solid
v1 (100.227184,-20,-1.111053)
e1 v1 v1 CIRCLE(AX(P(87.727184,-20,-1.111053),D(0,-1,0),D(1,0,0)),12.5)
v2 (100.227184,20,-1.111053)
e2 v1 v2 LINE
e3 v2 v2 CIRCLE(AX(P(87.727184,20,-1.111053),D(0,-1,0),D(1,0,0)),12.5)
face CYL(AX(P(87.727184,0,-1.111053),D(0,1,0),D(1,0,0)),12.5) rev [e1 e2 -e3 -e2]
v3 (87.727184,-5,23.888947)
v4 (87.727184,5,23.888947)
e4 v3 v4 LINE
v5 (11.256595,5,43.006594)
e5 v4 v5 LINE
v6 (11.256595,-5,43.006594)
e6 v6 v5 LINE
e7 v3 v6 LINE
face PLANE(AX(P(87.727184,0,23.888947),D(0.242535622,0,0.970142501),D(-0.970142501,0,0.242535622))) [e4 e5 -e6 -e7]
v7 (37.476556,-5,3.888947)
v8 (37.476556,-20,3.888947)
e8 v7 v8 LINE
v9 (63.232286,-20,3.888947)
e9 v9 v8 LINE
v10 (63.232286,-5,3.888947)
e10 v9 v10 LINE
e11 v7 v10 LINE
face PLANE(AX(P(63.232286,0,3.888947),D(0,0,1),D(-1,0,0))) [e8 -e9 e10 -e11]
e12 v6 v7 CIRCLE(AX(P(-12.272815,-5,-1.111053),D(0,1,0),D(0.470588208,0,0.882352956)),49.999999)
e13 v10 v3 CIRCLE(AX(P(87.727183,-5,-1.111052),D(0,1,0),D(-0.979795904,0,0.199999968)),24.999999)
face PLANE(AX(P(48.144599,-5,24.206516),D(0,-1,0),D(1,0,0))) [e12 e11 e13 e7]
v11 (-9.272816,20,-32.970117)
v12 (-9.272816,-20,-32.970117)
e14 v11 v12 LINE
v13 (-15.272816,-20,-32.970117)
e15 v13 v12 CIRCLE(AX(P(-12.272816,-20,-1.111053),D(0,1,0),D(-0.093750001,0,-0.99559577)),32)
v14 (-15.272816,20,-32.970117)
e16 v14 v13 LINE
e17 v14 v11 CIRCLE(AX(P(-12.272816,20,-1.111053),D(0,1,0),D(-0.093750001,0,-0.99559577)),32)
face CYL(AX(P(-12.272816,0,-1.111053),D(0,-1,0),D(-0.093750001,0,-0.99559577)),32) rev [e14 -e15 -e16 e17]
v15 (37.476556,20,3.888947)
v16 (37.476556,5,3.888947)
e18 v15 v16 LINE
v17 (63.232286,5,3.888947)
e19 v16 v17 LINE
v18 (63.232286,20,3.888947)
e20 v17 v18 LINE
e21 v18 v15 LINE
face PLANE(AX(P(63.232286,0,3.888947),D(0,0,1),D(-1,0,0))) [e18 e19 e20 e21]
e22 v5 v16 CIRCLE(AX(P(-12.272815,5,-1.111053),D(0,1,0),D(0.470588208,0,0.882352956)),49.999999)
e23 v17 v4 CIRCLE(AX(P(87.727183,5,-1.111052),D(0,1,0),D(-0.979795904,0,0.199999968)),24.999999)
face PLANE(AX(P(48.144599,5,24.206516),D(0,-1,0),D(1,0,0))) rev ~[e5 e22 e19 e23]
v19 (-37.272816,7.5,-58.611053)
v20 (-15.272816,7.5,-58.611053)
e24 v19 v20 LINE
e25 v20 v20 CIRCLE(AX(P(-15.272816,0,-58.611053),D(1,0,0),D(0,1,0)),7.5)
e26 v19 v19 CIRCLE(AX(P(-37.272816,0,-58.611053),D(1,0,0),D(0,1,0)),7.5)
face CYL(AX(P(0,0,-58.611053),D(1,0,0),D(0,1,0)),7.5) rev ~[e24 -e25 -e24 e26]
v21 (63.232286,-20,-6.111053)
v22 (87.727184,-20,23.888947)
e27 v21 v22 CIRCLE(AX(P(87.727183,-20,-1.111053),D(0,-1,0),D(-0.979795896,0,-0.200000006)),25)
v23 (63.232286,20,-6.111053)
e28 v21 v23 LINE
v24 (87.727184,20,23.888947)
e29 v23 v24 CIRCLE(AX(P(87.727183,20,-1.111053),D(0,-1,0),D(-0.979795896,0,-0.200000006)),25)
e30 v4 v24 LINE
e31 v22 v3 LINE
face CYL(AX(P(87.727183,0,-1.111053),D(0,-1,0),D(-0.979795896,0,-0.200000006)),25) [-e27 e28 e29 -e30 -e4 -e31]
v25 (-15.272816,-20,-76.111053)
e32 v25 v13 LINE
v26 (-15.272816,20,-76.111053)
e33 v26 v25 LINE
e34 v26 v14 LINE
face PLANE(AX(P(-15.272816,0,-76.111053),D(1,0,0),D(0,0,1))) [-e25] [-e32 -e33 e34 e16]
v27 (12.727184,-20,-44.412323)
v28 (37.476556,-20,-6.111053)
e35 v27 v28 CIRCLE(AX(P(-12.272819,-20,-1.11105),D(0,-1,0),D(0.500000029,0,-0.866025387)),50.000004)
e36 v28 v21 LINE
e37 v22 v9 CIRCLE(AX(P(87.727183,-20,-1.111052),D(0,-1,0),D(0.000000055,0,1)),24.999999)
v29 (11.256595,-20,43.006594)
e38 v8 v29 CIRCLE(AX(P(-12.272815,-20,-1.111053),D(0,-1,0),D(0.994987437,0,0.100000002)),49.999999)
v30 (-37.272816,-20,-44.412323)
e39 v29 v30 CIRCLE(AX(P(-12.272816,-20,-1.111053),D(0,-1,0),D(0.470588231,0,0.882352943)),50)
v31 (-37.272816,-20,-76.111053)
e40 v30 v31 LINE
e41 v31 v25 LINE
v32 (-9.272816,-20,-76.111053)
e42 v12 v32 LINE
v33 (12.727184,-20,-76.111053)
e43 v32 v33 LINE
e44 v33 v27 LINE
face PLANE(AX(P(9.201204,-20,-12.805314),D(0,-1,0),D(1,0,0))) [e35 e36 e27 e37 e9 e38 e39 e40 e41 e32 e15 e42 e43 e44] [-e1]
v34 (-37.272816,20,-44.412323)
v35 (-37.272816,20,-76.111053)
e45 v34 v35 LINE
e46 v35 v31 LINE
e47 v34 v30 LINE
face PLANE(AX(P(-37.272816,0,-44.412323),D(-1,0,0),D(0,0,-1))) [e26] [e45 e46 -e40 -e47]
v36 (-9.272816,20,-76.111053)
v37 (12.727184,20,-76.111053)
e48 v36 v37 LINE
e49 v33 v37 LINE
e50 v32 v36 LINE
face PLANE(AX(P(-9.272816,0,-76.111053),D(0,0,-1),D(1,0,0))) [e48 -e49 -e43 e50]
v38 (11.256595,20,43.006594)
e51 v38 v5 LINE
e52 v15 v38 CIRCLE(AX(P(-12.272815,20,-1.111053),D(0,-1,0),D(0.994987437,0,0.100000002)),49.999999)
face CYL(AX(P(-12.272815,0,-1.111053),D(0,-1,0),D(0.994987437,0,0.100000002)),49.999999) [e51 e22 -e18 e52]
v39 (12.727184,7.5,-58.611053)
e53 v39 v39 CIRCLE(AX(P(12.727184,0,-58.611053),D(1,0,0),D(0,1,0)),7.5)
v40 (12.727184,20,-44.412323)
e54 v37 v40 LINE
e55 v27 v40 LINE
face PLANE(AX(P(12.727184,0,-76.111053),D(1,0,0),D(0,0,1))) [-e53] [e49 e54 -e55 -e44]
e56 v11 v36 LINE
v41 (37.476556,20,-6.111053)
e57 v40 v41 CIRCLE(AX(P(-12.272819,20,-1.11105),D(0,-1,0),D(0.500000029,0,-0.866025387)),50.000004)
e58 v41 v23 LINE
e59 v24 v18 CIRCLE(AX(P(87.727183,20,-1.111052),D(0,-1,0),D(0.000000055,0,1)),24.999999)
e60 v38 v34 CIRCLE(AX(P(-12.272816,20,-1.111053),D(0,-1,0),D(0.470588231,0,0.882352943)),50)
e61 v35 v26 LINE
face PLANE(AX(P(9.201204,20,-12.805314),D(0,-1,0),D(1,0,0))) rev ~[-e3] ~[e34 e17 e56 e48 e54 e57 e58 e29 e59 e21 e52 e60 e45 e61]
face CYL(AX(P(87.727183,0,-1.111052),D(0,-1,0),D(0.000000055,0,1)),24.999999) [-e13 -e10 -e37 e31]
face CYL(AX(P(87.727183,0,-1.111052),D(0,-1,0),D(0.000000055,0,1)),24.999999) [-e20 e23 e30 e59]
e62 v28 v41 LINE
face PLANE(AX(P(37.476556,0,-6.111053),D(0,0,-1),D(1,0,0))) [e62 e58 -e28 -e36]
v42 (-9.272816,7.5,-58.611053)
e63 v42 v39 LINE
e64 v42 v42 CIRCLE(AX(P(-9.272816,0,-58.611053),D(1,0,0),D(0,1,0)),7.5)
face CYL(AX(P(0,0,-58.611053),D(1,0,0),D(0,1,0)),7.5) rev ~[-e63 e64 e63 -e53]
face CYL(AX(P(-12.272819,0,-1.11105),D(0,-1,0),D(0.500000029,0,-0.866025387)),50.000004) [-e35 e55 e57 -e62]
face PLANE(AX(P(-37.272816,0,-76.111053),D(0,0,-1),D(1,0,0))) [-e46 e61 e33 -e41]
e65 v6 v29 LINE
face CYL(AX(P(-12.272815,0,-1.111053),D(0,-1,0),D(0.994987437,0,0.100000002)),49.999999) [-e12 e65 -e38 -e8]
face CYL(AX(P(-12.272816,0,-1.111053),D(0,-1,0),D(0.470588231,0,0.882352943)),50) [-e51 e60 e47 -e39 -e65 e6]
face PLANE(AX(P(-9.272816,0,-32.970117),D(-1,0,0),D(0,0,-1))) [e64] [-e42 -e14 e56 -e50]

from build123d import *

# Parameters (mm, degrees)
F0_R     = 12.5
F1_DEPTH = 20
F2_DEPTH = 5
F3_R     = 7.5
F4_DEPTH = 50


with BuildPart() as f1:
    # F0 (on Front) → F1 (new body, symmetric)
    with BuildSketch(Plane.XZ):
        with BuildLine():
            Line((63.232286, 3.888947), (37.476556, 3.888947))
            ThreePointArc((37.476556, 3.888947), (29.260214, 26.727902), (11.256595, 43.006594))
            ThreePointArc((11.256595, 43.006594), (-55.988459, 23.157086), (-37.272816, -44.412323))
            Line((-37.272816, -44.412323), (-37.272816, -76.111053))
            Line((-37.272816, -76.111053), (-15.272816, -76.111053))
            Line((-15.272816, -76.111053), (-15.272816, -32.970117))
            ThreePointArc((-15.272816, -32.970117), (-12.272816, 30.888947), (-9.272816, -32.970117))
            Line((-9.272816, -32.970117), (-9.272816, -33.111053))
            Line((-9.272816, -33.111053), (-9.272816, -76.111053))
            Line((-9.272816, -76.111053), (12.727184, -76.111053))
            Line((12.727184, -76.111053), (12.727184, -44.412323))
            ThreePointArc((12.727184, -44.412323), (29.722588, -28.247486), (37.476556, -6.111053))
            Line((37.476556, -6.111053), (63.232286, -6.111053))
            ThreePointArc((63.232286, -6.111053), (107.0921, -16.922441), (87.727184, 23.888947))
            ThreePointArc((87.727184, 23.888947), (71.915795, 18.253864), (63.232286, 3.888947))
        make_face()
        with Locations((87.727184, -1.111053)):
            Circle(F0_R, mode=Mode.SUBTRACT)
    extrude(amount=F1_DEPTH, both=True)

    # F0 (on Front) → F2 (join, symmetric)
    with BuildSketch(Plane.XZ):
        with BuildLine():
            ThreePointArc((11.256595, 43.006594), (29.260214, 26.727902), (37.476556, 3.888947))
            Line((37.476556, 3.888947), (63.232286, 3.888947))
            ThreePointArc((63.232286, 3.888947), (71.915795, 18.253864), (87.727184, 23.888947))
            Line((87.727184, 23.888947), (11.256595, 43.006594))
        make_face()
    extrude(amount=F2_DEPTH, both=True)

    # F3 (on Right) → F4 (cut, symmetric)
    with BuildSketch(Plane.YZ):
        with Locations((0, -58.611053)):
            Circle(F3_R)
    extrude(amount=F4_DEPTH, both=True, mode=Mode.SUBTRACT)


solid = f1.part
